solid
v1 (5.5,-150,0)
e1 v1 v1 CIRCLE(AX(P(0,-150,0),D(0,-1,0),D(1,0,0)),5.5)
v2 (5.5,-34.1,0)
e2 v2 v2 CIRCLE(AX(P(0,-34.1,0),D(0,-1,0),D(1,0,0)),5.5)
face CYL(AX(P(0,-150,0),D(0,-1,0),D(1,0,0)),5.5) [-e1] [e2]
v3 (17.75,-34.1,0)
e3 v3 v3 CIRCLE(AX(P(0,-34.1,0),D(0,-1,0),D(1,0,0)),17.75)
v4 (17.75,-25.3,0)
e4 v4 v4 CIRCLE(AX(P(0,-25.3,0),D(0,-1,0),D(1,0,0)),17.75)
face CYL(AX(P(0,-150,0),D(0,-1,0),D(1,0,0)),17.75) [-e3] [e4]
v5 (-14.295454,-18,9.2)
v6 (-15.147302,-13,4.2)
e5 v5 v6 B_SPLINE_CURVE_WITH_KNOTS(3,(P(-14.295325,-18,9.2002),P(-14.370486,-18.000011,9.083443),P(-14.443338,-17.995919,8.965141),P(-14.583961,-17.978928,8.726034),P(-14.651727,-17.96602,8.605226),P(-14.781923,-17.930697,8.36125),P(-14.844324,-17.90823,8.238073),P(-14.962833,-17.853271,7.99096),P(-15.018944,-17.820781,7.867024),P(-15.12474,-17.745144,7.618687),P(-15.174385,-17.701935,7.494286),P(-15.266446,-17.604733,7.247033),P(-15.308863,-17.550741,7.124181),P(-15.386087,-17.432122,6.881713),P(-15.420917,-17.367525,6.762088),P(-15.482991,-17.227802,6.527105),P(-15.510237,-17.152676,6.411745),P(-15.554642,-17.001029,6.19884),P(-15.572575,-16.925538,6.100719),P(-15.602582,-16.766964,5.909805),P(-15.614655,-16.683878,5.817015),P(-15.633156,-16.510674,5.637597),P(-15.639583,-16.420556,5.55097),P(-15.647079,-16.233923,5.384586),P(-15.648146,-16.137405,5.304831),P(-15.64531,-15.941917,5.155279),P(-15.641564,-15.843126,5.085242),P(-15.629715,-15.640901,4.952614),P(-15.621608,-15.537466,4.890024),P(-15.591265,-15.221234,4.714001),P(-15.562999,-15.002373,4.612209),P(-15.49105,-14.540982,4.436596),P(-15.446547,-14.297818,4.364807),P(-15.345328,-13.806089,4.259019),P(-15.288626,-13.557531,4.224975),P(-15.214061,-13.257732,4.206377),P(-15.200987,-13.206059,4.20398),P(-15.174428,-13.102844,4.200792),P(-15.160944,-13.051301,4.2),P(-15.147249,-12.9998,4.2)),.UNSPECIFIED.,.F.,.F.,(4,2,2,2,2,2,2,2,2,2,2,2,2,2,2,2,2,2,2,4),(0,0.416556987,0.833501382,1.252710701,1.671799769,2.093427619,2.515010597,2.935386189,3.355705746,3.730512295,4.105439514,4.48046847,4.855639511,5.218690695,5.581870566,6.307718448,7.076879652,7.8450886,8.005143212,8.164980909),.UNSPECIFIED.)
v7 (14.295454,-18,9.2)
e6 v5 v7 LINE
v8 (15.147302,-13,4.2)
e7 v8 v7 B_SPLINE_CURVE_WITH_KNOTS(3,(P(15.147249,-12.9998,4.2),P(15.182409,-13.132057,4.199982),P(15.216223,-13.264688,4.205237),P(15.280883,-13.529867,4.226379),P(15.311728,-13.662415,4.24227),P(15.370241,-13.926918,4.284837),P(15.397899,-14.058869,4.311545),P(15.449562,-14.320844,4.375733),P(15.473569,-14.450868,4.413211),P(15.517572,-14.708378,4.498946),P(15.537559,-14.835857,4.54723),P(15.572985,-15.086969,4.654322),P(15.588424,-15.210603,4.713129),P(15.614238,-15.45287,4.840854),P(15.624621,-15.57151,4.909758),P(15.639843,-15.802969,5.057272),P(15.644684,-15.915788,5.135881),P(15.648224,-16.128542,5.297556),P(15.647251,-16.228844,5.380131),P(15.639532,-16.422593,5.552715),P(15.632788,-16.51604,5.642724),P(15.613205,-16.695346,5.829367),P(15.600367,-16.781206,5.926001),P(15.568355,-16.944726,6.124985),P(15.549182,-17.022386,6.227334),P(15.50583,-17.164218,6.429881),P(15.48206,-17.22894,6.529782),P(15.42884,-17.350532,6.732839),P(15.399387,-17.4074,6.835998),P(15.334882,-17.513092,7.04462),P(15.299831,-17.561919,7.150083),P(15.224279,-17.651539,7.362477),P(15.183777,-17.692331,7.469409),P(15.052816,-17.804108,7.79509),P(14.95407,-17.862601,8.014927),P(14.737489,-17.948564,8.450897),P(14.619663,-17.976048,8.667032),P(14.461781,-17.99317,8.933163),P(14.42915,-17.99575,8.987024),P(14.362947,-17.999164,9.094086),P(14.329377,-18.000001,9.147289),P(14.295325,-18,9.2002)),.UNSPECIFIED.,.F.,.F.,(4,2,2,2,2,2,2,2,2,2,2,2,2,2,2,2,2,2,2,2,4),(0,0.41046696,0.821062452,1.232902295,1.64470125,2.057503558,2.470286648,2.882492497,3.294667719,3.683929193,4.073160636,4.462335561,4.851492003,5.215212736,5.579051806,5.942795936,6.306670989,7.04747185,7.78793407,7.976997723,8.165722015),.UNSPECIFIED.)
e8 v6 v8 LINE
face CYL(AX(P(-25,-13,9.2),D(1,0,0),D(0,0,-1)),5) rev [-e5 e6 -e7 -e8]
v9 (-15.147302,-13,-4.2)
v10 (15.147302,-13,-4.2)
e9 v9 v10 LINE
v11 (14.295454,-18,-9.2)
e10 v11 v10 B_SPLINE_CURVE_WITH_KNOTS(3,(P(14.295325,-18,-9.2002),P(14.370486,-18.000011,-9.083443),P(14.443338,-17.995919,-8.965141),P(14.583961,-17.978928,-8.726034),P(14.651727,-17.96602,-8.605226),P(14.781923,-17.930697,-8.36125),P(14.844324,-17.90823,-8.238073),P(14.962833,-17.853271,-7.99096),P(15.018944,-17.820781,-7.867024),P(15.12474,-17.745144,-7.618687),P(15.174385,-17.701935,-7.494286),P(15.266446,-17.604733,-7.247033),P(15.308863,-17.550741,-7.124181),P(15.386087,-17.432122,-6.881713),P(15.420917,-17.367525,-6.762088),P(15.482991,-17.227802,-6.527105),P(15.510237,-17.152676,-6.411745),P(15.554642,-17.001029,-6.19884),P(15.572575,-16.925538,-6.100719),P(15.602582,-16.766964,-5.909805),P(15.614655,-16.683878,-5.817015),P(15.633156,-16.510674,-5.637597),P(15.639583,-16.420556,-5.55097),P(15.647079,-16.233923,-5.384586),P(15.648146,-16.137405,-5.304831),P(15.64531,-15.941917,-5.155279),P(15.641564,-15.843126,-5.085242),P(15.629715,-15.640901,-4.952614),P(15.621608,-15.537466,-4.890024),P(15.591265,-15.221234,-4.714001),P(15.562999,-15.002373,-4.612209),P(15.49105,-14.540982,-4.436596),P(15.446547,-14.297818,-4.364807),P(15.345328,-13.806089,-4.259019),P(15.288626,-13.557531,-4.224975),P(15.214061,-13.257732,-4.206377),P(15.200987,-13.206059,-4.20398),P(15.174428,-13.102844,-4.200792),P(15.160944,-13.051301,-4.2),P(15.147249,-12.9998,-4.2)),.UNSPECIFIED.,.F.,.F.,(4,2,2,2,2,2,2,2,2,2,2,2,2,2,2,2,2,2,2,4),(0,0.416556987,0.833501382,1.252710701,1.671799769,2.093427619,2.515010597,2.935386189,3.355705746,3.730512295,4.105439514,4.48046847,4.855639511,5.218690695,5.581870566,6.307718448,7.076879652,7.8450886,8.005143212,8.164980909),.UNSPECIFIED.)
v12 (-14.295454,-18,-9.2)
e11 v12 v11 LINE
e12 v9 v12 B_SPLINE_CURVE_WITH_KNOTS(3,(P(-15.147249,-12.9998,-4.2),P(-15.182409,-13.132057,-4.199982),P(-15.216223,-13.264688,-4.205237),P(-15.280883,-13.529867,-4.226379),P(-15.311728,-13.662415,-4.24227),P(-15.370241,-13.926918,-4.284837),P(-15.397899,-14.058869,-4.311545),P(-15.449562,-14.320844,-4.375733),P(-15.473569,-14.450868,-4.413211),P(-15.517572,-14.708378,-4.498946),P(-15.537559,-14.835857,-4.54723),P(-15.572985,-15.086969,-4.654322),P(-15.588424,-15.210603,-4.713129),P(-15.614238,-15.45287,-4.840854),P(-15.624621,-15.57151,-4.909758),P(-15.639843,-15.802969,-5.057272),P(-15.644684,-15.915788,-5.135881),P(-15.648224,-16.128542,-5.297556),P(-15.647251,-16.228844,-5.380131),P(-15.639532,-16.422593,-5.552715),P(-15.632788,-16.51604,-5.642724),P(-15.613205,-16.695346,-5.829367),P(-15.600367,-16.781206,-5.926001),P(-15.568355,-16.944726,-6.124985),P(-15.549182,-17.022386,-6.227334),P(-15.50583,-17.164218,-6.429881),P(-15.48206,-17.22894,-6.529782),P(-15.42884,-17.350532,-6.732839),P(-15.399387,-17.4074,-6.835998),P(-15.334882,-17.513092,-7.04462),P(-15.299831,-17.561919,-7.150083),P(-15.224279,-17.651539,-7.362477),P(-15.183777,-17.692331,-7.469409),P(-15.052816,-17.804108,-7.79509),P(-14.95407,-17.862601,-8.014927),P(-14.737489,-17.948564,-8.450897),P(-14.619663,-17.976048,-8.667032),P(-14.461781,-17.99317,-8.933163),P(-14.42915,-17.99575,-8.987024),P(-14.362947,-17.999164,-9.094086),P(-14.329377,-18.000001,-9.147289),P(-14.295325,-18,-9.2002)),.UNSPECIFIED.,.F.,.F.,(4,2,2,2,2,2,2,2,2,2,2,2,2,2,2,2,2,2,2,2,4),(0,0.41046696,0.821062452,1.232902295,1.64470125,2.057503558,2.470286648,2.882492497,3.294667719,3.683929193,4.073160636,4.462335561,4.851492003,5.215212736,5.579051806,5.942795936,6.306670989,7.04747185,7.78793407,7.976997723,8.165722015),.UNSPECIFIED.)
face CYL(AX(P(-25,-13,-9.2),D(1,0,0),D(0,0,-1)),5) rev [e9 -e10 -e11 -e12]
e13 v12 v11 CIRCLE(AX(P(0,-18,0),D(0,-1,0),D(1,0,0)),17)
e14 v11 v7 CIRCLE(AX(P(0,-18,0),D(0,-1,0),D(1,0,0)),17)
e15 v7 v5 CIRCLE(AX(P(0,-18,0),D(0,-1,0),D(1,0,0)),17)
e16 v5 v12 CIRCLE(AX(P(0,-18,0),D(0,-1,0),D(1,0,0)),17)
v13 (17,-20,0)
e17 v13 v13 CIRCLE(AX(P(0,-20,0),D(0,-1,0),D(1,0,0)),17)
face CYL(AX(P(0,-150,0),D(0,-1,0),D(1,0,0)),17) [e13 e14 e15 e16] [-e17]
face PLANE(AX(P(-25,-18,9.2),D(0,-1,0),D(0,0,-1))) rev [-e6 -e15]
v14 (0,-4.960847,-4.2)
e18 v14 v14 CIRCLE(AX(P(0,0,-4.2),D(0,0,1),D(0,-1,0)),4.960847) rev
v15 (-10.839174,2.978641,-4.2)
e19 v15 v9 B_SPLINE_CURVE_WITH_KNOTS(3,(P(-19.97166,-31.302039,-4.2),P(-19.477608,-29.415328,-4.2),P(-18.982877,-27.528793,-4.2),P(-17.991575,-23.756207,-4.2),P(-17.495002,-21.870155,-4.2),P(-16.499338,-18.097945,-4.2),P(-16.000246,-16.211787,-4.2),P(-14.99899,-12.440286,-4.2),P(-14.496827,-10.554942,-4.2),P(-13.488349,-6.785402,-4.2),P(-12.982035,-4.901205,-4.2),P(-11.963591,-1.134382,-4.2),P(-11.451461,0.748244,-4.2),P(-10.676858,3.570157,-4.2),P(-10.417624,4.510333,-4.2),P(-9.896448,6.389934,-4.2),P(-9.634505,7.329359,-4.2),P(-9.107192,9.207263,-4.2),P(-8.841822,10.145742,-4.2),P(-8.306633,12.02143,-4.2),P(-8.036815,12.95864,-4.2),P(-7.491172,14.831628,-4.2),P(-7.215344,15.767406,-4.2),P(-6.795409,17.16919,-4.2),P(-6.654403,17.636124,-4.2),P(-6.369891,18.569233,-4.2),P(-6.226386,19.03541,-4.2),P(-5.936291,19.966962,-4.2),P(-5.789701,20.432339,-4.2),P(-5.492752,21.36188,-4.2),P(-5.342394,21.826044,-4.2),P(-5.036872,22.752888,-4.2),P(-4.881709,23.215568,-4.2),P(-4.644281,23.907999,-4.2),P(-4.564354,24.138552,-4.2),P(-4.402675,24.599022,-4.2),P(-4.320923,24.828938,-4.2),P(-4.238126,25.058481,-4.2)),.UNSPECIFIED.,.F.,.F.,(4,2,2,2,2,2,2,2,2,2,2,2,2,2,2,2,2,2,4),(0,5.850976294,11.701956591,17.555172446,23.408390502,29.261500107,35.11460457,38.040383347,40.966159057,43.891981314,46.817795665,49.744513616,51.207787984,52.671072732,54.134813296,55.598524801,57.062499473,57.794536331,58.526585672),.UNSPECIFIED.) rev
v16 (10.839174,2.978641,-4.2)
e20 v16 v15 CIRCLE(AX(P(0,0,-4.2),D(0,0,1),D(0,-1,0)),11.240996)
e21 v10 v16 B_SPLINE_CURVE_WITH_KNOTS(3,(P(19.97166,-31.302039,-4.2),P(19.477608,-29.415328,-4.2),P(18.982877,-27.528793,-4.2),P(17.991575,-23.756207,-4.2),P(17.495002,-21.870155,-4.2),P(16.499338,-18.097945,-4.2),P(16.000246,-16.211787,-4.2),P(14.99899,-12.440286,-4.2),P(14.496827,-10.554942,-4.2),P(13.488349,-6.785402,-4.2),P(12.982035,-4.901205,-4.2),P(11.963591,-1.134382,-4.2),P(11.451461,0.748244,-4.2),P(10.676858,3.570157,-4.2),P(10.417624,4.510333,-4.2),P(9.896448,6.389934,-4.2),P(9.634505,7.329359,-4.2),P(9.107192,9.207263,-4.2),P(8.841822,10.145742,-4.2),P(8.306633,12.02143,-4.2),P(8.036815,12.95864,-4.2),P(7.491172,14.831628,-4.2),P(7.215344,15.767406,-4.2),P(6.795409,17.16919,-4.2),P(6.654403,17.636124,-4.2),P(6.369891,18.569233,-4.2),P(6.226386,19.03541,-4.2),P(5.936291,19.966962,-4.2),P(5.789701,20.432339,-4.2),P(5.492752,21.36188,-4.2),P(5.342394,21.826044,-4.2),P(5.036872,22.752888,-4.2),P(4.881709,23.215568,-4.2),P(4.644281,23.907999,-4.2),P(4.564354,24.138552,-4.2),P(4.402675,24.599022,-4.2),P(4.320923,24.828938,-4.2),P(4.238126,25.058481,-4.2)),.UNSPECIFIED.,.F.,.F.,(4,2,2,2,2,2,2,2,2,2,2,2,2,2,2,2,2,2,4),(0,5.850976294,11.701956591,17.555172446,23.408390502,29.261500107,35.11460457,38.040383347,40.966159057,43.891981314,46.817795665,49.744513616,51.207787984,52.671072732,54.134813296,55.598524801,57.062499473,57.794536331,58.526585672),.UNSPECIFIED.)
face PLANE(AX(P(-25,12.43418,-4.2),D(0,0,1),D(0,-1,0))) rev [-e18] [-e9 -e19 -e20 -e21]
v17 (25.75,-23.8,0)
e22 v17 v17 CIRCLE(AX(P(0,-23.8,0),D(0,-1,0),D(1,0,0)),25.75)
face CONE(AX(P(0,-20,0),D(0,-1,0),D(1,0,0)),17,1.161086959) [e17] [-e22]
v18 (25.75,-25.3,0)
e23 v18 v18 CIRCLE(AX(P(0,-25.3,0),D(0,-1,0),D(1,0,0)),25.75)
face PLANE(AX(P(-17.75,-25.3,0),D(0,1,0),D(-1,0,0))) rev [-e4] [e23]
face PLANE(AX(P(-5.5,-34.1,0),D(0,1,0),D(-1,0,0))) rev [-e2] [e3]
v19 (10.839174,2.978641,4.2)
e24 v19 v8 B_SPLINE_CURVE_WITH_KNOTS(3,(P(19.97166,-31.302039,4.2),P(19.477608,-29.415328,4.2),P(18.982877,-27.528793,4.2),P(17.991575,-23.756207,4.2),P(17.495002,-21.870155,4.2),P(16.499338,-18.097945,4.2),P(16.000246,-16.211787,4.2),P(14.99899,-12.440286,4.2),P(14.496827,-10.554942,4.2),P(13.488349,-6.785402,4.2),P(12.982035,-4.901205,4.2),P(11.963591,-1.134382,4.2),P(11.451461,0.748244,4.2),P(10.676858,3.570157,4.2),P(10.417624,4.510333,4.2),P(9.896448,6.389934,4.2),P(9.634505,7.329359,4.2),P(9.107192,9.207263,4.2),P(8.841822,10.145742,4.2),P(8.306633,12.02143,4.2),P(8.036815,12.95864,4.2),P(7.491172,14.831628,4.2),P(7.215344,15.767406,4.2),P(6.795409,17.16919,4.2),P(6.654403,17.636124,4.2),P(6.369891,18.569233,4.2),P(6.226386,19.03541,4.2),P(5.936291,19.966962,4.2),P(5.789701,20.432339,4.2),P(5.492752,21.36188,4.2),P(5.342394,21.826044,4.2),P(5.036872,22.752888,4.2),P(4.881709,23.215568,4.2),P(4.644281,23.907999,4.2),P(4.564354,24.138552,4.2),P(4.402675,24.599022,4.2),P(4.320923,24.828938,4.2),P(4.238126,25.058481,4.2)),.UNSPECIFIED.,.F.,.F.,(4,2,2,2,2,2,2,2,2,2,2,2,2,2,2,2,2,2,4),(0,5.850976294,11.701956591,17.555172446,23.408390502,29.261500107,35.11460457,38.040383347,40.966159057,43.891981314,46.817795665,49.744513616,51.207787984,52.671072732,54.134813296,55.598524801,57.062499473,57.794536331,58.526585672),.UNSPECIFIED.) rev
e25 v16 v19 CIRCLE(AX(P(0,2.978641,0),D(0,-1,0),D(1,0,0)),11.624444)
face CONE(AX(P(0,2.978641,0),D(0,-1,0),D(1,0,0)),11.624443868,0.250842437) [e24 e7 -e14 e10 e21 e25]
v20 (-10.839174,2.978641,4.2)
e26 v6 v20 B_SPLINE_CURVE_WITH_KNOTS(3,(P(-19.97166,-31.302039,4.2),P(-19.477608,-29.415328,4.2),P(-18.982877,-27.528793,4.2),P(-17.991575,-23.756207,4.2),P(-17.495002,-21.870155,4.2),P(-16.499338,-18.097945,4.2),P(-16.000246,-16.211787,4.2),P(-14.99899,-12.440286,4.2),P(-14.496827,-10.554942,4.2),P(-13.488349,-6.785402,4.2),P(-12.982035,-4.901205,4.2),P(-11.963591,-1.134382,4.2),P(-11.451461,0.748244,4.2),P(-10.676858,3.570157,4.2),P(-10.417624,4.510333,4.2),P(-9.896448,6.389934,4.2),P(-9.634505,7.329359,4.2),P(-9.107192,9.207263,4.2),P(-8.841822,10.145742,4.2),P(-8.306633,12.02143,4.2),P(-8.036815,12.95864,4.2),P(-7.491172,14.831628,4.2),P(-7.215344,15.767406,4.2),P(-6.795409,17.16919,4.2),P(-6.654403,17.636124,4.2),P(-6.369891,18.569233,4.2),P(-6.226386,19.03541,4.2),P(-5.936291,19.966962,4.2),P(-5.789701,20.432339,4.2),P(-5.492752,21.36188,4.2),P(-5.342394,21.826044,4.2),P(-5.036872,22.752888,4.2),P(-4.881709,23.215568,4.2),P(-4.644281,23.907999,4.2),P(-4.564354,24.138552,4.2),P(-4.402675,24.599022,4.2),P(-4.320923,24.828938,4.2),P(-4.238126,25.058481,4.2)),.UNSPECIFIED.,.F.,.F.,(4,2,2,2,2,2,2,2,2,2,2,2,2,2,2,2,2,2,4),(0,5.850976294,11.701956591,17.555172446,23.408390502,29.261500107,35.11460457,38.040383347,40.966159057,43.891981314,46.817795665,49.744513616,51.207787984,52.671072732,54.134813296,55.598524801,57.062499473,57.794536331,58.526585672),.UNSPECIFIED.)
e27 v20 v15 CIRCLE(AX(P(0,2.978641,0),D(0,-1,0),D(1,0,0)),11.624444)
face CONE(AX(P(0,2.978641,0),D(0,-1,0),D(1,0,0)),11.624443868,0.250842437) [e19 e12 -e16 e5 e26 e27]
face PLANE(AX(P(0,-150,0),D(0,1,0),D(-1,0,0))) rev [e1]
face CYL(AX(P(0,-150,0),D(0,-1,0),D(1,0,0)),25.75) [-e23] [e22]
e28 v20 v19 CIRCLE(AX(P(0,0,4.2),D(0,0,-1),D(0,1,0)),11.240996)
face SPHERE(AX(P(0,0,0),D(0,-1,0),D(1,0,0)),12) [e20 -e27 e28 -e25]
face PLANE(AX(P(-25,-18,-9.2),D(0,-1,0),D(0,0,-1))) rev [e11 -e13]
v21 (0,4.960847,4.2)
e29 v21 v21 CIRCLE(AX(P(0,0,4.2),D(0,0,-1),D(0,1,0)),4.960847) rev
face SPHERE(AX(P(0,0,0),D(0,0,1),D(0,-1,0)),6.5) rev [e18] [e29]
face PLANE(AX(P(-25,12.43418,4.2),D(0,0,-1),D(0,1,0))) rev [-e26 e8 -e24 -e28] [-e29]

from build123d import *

# Parameters (mm, degrees)
CUT_EXTRUDE1_DEPTH = 25


with BuildPart() as part:
    # Sketch1 → Revolve1 (revolve)
    with BuildSketch(Plane.XY, mode=Mode.PRIVATE) as revolve1_sk:
        with BuildLine():
            Line((0, -150), (-5.5, -150))
            Line((-5.5, -150), (-5.5, -34.1))
            Line((-5.5, -34.1), (-17.75, -34.1))
            Line((-17.75, -34.1), (-17.75, -25.3))
            Line((-17.75, -25.3), (-25.75, -25.3))
            Line((-25.75, -25.3), (-25.75, -23.8))
            Line((-25.75, -23.8), (-17, -20))
            Line((-17, -20), (-17, -18))
            Line((-17, -18), (-11.624443868, 2.97864143))
            ThreePointArc((-11.624443868, 2.97864143), (-7.357183661, 9.480076402), (0, 12))
            Line((0, 12), (0, -150))
        make_face()
    revolve(revolve1_sk.sketch.rotate(Axis((0, -150, 0), (0, 1, 0)), 180), axis=Axis((0, -150, 0), (0, 1, 0)))

    # Sketch2 → Cut-Extrude1 (cut, symmetric)
    with BuildSketch(Plane(origin=(0, 0, 0), x_dir=(0, 0, -1), z_dir=(1, 0, 0))):
        with BuildLine():
            Line((-4.2, 12.434179723), (-4.2, -13))
            ThreePointArc((-4.2, -13), (-5.664466094, -16.535533906), (-9.2, -18))
            Line((-9.2, -18), (-21.107877624, -18))
            Line((-21.107877624, -18), (-21.107877624, 12.434179723))
            Line((-21.107877624, 12.434179723), (-4.2, 12.434179723))
        make_face()
        with BuildLine():
            Line((21.107877624, 12.434179723), (4.2, 12.434179723))
            Line((4.2, 12.434179723), (4.2, -13))
            ThreePointArc((4.2, -13), (5.664466094, -16.535533906), (9.2, -18))
            Line((9.2, -18), (21.107877624, -18))
            Line((21.107877624, -18), (21.107877624, 12.434179723))
        make_face()
    extrude(amount=CUT_EXTRUDE1_DEPTH, both=True, mode=Mode.SUBTRACT)

    # Sketch3 → Cut-Revolve1 (revolve, cut)
    with BuildSketch(Plane.XY):
        with BuildLine():
            Line((0, -6.5), (0, 6.5))
            ThreePointArc((0, 6.5), (-6.5, 0), (0, -6.5))
        make_face()
    revolve(axis=Axis((0, -6.5, 0), (0, 1, 0)), mode=Mode.SUBTRACT)


solid = part.part
